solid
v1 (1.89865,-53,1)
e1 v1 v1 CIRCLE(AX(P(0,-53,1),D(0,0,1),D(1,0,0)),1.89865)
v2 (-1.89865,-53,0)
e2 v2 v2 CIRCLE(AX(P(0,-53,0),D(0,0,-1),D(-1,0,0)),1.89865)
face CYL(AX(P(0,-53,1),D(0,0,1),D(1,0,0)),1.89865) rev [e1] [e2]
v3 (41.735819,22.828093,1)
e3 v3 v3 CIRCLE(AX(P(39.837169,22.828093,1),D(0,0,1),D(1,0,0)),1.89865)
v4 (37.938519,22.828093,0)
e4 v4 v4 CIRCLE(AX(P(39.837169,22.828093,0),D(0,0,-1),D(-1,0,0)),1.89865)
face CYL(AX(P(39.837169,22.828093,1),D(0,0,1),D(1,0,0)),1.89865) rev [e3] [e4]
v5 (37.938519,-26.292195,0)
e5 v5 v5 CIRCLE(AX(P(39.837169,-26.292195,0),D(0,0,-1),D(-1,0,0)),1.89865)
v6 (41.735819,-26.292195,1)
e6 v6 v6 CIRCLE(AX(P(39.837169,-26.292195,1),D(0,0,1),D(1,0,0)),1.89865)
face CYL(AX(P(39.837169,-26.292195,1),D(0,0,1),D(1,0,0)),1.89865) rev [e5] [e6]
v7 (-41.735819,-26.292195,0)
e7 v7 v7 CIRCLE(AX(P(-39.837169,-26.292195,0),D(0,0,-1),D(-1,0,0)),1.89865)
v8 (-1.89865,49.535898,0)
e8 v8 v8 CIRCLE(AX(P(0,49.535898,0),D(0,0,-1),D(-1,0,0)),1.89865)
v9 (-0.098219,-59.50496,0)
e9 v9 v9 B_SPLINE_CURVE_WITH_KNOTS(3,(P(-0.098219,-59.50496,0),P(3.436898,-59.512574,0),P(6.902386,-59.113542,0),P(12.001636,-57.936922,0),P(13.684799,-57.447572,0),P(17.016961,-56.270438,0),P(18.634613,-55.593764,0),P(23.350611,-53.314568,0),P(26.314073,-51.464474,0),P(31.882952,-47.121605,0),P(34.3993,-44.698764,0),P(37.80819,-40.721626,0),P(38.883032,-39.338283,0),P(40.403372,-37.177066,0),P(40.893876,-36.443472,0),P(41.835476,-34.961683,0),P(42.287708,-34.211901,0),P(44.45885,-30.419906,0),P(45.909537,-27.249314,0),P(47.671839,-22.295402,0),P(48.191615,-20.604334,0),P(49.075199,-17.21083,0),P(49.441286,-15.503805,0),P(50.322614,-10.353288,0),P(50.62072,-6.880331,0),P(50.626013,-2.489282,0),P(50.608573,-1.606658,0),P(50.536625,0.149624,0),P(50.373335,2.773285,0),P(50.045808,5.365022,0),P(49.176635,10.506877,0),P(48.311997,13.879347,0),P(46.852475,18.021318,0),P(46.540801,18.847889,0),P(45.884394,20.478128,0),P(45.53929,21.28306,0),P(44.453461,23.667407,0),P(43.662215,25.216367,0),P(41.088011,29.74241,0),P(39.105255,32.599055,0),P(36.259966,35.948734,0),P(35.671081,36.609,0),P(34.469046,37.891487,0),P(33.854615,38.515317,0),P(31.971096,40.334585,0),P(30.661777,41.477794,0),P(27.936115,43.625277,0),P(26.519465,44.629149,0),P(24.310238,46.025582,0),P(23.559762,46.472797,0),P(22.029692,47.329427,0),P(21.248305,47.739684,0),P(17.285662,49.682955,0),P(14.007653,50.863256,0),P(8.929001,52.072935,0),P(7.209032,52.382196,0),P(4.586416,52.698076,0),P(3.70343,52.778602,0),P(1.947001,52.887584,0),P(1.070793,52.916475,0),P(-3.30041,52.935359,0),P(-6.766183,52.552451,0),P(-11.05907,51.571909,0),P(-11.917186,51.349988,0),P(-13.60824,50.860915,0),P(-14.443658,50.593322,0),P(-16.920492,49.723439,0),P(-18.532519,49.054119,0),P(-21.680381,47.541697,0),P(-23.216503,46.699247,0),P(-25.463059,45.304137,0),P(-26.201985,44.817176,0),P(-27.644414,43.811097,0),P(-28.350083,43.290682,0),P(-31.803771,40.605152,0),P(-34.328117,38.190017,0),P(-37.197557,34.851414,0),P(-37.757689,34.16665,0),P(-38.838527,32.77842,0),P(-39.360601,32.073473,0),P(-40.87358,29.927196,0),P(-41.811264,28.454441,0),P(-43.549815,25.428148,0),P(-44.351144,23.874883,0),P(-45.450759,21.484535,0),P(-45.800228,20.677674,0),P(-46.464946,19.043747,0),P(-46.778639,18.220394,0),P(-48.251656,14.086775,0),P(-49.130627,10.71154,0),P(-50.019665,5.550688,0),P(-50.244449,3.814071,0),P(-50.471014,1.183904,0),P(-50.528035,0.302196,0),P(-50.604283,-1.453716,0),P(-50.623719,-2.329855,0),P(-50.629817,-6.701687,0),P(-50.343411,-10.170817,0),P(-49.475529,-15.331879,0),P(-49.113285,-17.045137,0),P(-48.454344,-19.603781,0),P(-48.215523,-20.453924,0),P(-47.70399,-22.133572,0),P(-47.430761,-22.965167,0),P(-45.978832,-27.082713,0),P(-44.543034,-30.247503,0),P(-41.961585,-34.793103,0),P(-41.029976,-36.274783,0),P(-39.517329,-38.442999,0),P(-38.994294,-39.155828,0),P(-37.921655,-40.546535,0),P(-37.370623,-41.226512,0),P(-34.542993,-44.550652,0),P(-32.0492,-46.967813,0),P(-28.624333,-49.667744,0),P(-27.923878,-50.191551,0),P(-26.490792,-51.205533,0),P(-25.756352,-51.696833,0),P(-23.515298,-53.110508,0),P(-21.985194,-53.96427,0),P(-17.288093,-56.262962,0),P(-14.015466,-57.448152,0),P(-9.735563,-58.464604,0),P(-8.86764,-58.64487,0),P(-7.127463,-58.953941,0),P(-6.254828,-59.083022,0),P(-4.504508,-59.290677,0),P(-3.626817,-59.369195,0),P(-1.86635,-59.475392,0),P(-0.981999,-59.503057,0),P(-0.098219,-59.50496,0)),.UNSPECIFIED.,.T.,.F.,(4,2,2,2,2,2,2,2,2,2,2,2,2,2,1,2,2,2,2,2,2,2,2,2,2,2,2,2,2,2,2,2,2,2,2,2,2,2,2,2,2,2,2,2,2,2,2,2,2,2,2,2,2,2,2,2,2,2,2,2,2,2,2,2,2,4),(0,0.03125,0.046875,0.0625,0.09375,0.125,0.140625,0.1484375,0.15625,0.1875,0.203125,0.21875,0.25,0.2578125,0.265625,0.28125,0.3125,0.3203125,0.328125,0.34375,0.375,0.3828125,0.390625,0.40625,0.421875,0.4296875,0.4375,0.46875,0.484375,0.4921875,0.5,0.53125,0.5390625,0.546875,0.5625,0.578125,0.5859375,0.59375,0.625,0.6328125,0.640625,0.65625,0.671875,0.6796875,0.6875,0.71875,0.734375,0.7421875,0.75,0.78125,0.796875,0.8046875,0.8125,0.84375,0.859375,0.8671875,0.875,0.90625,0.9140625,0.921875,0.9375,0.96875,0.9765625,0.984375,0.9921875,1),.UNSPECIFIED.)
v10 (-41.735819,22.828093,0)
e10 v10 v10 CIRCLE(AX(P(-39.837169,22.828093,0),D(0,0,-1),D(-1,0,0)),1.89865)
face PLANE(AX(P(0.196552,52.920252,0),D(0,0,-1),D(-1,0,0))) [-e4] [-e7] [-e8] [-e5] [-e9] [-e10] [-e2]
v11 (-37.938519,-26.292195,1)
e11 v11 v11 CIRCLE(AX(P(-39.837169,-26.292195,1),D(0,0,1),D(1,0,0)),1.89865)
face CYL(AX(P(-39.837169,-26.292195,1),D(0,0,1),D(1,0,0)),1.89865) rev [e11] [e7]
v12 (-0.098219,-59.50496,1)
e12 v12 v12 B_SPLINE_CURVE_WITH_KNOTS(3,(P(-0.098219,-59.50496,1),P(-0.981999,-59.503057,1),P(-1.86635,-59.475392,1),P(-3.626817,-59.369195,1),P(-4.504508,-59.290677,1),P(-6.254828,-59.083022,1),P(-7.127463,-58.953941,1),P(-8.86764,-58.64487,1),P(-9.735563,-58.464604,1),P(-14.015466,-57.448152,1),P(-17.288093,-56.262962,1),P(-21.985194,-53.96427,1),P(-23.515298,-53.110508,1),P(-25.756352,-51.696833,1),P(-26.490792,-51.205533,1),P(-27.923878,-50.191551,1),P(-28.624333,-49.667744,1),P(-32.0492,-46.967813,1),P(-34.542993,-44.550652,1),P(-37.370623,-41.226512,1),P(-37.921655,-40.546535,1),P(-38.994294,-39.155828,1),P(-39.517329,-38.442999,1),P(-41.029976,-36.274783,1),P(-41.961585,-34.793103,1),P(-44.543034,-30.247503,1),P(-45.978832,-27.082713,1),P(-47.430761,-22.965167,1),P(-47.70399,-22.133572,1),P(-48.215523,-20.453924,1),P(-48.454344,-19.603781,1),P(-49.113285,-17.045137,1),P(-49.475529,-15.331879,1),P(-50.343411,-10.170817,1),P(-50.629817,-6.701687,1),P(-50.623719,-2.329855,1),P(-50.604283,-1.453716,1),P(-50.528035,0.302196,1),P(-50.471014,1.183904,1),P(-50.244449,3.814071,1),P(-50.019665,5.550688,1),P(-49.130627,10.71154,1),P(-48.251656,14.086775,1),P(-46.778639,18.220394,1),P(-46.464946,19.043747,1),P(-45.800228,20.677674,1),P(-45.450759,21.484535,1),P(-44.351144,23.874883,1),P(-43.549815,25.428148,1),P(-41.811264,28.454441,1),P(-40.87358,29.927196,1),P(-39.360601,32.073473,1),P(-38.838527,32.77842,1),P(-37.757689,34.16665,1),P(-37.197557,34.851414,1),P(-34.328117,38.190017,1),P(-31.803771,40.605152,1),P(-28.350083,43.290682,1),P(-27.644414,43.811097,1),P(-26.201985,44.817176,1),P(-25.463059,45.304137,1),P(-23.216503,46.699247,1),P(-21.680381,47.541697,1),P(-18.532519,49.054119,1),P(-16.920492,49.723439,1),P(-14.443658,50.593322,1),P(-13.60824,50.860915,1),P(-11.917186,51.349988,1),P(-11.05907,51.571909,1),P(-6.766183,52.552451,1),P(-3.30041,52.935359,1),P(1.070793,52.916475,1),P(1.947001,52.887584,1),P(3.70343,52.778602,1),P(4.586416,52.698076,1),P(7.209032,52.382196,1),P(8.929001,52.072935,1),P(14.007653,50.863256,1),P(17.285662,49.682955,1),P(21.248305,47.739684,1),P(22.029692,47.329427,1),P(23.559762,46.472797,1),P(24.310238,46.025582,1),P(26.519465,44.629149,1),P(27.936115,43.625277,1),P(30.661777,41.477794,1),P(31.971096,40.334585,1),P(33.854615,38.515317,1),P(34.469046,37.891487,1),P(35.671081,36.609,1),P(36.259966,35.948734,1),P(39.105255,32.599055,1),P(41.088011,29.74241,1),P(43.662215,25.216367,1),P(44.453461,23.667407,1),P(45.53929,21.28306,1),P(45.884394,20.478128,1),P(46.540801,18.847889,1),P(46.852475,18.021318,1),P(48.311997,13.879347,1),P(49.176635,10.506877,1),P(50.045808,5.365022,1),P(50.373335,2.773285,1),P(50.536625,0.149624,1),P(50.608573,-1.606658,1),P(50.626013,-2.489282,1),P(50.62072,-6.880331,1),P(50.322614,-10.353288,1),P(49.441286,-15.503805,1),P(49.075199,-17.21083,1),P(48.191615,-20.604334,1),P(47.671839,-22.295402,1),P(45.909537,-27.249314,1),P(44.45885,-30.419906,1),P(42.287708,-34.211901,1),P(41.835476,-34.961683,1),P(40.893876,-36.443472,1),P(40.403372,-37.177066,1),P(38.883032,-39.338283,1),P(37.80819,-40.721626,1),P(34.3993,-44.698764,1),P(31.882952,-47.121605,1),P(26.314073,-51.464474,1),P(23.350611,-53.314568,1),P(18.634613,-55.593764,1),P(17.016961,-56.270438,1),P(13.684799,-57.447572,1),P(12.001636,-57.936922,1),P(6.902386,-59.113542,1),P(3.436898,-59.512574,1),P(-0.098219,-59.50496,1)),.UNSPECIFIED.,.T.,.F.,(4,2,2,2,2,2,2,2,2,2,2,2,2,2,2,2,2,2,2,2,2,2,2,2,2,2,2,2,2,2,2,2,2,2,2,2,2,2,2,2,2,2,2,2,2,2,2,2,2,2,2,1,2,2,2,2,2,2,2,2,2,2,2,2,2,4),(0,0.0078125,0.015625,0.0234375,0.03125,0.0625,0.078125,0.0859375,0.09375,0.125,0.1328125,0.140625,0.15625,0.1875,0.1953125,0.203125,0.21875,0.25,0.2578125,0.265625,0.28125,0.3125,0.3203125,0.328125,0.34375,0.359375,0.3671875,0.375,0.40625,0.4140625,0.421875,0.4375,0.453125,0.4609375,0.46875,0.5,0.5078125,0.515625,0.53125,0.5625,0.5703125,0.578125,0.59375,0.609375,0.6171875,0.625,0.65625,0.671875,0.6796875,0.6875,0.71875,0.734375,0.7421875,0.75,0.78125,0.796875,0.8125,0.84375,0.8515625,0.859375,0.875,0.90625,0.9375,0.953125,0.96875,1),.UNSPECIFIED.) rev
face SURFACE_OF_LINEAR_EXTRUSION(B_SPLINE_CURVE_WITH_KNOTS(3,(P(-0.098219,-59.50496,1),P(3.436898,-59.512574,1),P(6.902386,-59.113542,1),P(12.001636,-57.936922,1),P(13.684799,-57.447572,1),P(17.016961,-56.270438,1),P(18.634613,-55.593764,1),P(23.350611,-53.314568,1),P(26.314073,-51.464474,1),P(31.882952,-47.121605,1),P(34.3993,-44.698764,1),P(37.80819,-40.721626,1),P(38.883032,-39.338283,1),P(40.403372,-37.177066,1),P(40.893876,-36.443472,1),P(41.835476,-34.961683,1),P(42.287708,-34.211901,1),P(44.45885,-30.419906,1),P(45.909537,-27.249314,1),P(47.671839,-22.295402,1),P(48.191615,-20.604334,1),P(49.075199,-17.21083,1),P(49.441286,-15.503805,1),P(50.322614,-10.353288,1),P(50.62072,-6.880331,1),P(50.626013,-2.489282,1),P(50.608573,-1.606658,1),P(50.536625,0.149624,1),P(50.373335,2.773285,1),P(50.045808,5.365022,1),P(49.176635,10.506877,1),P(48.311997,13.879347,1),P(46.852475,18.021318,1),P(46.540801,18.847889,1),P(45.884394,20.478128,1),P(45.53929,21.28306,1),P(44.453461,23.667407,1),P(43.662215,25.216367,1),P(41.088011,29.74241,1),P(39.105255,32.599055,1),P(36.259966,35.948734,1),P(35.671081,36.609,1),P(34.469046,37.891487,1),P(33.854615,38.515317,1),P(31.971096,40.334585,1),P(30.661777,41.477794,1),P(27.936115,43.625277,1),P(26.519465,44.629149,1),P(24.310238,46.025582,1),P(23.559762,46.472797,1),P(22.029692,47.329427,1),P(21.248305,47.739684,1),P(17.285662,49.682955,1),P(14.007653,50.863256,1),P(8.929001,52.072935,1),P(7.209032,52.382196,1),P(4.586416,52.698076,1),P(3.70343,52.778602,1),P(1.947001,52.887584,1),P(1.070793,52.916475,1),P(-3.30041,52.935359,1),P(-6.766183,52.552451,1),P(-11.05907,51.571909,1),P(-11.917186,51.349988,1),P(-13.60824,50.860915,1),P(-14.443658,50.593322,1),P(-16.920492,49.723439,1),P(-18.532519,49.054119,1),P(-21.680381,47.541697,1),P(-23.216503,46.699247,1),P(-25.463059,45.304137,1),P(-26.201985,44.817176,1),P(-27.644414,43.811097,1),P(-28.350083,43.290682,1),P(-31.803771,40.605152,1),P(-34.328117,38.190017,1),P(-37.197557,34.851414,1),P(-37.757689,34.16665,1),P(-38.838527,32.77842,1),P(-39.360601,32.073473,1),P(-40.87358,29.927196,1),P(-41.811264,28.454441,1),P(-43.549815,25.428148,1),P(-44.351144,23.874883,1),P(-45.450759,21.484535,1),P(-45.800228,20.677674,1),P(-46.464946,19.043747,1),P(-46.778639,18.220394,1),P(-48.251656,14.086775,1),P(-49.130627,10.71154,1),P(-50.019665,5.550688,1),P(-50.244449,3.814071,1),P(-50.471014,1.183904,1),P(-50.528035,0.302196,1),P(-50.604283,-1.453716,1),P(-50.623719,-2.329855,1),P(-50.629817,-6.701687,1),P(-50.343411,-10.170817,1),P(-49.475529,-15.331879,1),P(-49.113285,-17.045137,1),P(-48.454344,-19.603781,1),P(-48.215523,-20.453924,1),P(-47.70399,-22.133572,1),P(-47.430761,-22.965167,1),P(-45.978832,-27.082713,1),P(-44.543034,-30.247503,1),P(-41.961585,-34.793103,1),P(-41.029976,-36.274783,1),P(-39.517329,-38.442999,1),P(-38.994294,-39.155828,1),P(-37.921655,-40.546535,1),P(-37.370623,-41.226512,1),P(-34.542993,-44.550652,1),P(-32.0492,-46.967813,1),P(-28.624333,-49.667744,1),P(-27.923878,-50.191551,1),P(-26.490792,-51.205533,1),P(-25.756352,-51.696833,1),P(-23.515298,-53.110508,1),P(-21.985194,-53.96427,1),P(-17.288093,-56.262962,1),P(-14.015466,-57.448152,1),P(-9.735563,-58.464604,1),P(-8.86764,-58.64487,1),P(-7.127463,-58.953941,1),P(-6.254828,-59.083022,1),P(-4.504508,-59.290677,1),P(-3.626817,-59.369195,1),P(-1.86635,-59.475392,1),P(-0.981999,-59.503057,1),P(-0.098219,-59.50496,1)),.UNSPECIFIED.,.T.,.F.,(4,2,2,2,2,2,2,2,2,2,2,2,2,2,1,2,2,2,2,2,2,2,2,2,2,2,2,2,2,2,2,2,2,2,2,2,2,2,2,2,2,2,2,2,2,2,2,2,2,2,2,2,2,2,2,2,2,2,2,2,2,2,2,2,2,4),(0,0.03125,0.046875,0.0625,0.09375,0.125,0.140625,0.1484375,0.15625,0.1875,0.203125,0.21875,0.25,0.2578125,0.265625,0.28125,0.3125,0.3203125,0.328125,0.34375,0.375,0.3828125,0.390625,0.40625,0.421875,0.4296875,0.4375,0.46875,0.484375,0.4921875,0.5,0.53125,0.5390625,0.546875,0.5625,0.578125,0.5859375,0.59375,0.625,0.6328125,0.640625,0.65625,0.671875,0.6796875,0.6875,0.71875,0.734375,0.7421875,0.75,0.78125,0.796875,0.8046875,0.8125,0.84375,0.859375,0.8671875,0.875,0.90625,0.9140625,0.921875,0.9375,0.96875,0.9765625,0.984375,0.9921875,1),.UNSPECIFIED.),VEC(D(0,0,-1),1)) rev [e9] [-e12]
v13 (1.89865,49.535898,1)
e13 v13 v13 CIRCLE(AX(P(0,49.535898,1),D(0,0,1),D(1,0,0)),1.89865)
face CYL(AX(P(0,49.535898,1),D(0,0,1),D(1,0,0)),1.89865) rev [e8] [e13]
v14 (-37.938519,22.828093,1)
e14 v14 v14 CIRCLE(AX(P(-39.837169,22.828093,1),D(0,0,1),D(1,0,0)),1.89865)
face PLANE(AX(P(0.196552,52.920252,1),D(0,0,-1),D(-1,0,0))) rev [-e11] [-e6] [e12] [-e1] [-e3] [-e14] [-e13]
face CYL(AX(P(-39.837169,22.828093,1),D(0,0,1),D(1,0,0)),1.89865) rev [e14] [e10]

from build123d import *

# Parameters (mm, degrees)
BOSS_EXTRUDE1_DEPTH   = 1
F_6_CLEARANCE_HOLE1_D = 3.7973


with BuildPart() as part:
    # Sketch2 → Boss-Extrude1 (new body)
    with BuildSketch(Plane.XY):
        with BuildLine():
            add(Edge.make_bspline(
                [(-0.098219478, -59.504960496), (3.436897561, -59.512574482), (6.902385574, -59.113542237), (12.00163576, -57.936921899), (13.684799406, -57.447571682), (17.01696053, -56.270438132), (18.634612927, -55.593764311), (23.350610632, -53.314567678), (26.314073008, -51.46447424), (31.882951557, -47.12160545), (34.399299567, -44.698764298), (37.808190417, -40.721626254), (38.883032168, -39.338283004), (40.403372211, -37.177066293), (40.893875715, -36.443472131), (41.835475697, -34.961682866), (42.287708493, -34.2119014), (44.458849611, -30.419906345), (45.90953731, -27.24931407), (47.671839201, -22.295401849), (48.191615054, -20.604334077), (49.075199253, -17.210830482), (49.441286028, -15.503804837), (50.322613559, -10.353288309), (50.620720413, -6.880330536), (50.626013179, -2.489282098), (50.608572779, -1.606657759), (50.53662485, 0.149624336), (50.37333489, 2.773285261), (50.04580771, 5.365022426), (49.176634833, 10.506877272), (48.311997128, 13.879346606), (46.852474957, 18.021318247), (46.540801081, 18.847888508), (45.884393662, 20.478127951), (45.539289659, 21.283060371), (44.453460732, 23.667406618), (43.662215028, 25.216367103), (41.088011362, 29.742409642), (39.105254571, 32.599055274), (36.259966059, 35.948733888), (35.671080887, 36.608999569), (34.469046359, 37.891487052), (33.854615044, 38.515316601), (31.971096091, 40.334584926), (30.661776584, 41.477794476), (27.936115294, 43.625276685), (26.519464998, 44.62914883), (24.310238358, 46.025581696), (23.559761765, 46.472796538), (22.029691758, 47.329426608), (21.248305297, 47.739683753), (17.285661626, 49.682954527), (14.00765298, 50.863255982), (8.929001037, 52.0729348), (7.209032332, 52.382196161), (4.586415661, 52.698075517), (3.703429851, 52.778602256), (1.947001053, 52.887584039), (1.070792684, 52.916474811), (-3.300409503, 52.935359105), (-6.766182641, 52.552450553), (-11.059069639, 51.571909237), (-11.917186291, 51.349987666), (-13.608240345, 50.860915408), (-14.443658358, 50.593322204), (-16.920492094, 49.723439489), (-18.532519195, 49.054119139), (-21.680381495, 47.541696652), (-23.216502951, 46.699247424), (-25.463058735, 45.304136794), (-26.201985439, 44.817175832), (-27.644413593, 43.811097409), (-28.350082581, 43.290681866), (-31.803770535, 40.605152436), (-34.328117371, 38.190017416), (-37.197557306, 34.851414441), (-37.757689344, 34.166650306), (-38.8385265, 32.778419928), (-39.360600883, 32.073473438), (-40.87358044, 29.927196367), (-41.811263511, 28.454440878), (-43.549814588, 25.428147651), (-44.351144374, 23.874882571), (-45.450758837, 21.484534709), (-45.800228369, 20.677673946), (-46.464946153, 19.043746517), (-46.778638512, 18.220393765), (-48.251656367, 14.086774621), (-49.130626655, 10.711540313), (-50.019665398, 5.550687541), (-50.24444942, 3.81407138), (-50.471014482, 1.183903546), (-50.528035221, 0.302196196), (-50.604282959, -1.453716399), (-50.623719259, -2.329854837), (-50.629816849, -6.701686712), (-50.343410551, -10.170817116), (-49.475529335, -15.331879221), (-49.113284607, -17.045136846), (-48.454343975, -19.603780705), (-48.21552344, -20.453924473), (-47.70399006, -22.133572475), (-47.430761413, -22.96516725), (-45.978832083, -27.082713054), (-44.543033628, -30.247502648), (-41.961585357, -34.793102732), (-41.029976364, -36.274783385), (-39.517329037, -38.442998574), (-38.994293998, -39.155828142), (-37.92165514, -40.546535368), (-37.370622739, -41.226511572), (-34.542992957, -44.550652164), (-32.049200166, -46.967812592), (-28.624332781, -49.667744315), (-27.923878427, -50.191550667), (-26.490792265, -51.20553278), (-25.756352373, -51.696833094), (-23.515297982, -53.110508305), (-21.985194241, -53.96426979), (-17.288093174, -56.262961801), (-14.01546581, -57.448151806), (-9.735563333, -58.464604177), (-8.86764039, -58.644870167), (-7.127462632, -58.953940787), (-6.254828129, -59.083022027), (-4.50450795, -59.290677091), (-3.62681671, -59.369195272), (-1.866349861, -59.47539228), (-0.981998738, -59.503056999), (-0.098219478, -59.504960496)],
                knots=[0, 0, 0, 0, 0.03125, 0.03125, 0.046875, 0.046875, 0.0625, 0.0625, 0.09375, 0.09375, 0.125, 0.125, 0.140625, 0.140625, 0.1484375, 0.1484375, 0.15625, 0.15625, 0.1875, 0.1875, 0.203125, 0.203125, 0.21875, 0.21875, 0.25, 0.25, 0.2578125, 0.2578125, 0.265625, 0.28125, 0.28125, 0.3125, 0.3125, 0.3203125, 0.3203125, 0.328125, 0.328125, 0.34375, 0.34375, 0.375, 0.375, 0.3828125, 0.3828125, 0.390625, 0.390625, 0.40625, 0.40625, 0.421875, 0.421875, 0.4296875, 0.4296875, 0.4375, 0.4375, 0.46875, 0.46875, 0.484375, 0.484375, 0.4921875, 0.4921875, 0.5, 0.5, 0.53125, 0.53125, 0.5390625, 0.5390625, 0.546875, 0.546875, 0.5625, 0.5625, 0.578125, 0.578125, 0.5859375, 0.5859375, 0.59375, 0.59375, 0.625, 0.625, 0.6328125, 0.6328125, 0.640625, 0.640625, 0.65625, 0.65625, 0.671875, 0.671875, 0.6796875, 0.6796875, 0.6875, 0.6875, 0.71875, 0.71875, 0.734375, 0.734375, 0.7421875, 0.7421875, 0.75, 0.75, 0.78125, 0.78125, 0.796875, 0.796875, 0.8046875, 0.8046875, 0.8125, 0.8125, 0.84375, 0.84375, 0.859375, 0.859375, 0.8671875, 0.8671875, 0.875, 0.875, 0.90625, 0.90625, 0.9140625, 0.9140625, 0.921875, 0.921875, 0.9375, 0.9375, 0.96875, 0.96875, 0.9765625, 0.9765625, 0.984375, 0.984375, 0.9921875, 0.9921875, 1, 1, 1, 1], degree=3))
        make_face()
    extrude(amount=BOSS_EXTRUDE1_DEPTH)

    # #6 Clearance Hole1 (through all)
    with Locations(Plane.XY.offset(1)):
        with Locations((0, 49.535898385), (39.837168574, 22.828093358), (-39.837168574, 22.828093358), (-39.837168574, -26.292194973), (0, -53), (39.837168574, -26.292194973)):
            Hole(F_6_CLEARANCE_HOLE1_D / 2)


solid = part.part
